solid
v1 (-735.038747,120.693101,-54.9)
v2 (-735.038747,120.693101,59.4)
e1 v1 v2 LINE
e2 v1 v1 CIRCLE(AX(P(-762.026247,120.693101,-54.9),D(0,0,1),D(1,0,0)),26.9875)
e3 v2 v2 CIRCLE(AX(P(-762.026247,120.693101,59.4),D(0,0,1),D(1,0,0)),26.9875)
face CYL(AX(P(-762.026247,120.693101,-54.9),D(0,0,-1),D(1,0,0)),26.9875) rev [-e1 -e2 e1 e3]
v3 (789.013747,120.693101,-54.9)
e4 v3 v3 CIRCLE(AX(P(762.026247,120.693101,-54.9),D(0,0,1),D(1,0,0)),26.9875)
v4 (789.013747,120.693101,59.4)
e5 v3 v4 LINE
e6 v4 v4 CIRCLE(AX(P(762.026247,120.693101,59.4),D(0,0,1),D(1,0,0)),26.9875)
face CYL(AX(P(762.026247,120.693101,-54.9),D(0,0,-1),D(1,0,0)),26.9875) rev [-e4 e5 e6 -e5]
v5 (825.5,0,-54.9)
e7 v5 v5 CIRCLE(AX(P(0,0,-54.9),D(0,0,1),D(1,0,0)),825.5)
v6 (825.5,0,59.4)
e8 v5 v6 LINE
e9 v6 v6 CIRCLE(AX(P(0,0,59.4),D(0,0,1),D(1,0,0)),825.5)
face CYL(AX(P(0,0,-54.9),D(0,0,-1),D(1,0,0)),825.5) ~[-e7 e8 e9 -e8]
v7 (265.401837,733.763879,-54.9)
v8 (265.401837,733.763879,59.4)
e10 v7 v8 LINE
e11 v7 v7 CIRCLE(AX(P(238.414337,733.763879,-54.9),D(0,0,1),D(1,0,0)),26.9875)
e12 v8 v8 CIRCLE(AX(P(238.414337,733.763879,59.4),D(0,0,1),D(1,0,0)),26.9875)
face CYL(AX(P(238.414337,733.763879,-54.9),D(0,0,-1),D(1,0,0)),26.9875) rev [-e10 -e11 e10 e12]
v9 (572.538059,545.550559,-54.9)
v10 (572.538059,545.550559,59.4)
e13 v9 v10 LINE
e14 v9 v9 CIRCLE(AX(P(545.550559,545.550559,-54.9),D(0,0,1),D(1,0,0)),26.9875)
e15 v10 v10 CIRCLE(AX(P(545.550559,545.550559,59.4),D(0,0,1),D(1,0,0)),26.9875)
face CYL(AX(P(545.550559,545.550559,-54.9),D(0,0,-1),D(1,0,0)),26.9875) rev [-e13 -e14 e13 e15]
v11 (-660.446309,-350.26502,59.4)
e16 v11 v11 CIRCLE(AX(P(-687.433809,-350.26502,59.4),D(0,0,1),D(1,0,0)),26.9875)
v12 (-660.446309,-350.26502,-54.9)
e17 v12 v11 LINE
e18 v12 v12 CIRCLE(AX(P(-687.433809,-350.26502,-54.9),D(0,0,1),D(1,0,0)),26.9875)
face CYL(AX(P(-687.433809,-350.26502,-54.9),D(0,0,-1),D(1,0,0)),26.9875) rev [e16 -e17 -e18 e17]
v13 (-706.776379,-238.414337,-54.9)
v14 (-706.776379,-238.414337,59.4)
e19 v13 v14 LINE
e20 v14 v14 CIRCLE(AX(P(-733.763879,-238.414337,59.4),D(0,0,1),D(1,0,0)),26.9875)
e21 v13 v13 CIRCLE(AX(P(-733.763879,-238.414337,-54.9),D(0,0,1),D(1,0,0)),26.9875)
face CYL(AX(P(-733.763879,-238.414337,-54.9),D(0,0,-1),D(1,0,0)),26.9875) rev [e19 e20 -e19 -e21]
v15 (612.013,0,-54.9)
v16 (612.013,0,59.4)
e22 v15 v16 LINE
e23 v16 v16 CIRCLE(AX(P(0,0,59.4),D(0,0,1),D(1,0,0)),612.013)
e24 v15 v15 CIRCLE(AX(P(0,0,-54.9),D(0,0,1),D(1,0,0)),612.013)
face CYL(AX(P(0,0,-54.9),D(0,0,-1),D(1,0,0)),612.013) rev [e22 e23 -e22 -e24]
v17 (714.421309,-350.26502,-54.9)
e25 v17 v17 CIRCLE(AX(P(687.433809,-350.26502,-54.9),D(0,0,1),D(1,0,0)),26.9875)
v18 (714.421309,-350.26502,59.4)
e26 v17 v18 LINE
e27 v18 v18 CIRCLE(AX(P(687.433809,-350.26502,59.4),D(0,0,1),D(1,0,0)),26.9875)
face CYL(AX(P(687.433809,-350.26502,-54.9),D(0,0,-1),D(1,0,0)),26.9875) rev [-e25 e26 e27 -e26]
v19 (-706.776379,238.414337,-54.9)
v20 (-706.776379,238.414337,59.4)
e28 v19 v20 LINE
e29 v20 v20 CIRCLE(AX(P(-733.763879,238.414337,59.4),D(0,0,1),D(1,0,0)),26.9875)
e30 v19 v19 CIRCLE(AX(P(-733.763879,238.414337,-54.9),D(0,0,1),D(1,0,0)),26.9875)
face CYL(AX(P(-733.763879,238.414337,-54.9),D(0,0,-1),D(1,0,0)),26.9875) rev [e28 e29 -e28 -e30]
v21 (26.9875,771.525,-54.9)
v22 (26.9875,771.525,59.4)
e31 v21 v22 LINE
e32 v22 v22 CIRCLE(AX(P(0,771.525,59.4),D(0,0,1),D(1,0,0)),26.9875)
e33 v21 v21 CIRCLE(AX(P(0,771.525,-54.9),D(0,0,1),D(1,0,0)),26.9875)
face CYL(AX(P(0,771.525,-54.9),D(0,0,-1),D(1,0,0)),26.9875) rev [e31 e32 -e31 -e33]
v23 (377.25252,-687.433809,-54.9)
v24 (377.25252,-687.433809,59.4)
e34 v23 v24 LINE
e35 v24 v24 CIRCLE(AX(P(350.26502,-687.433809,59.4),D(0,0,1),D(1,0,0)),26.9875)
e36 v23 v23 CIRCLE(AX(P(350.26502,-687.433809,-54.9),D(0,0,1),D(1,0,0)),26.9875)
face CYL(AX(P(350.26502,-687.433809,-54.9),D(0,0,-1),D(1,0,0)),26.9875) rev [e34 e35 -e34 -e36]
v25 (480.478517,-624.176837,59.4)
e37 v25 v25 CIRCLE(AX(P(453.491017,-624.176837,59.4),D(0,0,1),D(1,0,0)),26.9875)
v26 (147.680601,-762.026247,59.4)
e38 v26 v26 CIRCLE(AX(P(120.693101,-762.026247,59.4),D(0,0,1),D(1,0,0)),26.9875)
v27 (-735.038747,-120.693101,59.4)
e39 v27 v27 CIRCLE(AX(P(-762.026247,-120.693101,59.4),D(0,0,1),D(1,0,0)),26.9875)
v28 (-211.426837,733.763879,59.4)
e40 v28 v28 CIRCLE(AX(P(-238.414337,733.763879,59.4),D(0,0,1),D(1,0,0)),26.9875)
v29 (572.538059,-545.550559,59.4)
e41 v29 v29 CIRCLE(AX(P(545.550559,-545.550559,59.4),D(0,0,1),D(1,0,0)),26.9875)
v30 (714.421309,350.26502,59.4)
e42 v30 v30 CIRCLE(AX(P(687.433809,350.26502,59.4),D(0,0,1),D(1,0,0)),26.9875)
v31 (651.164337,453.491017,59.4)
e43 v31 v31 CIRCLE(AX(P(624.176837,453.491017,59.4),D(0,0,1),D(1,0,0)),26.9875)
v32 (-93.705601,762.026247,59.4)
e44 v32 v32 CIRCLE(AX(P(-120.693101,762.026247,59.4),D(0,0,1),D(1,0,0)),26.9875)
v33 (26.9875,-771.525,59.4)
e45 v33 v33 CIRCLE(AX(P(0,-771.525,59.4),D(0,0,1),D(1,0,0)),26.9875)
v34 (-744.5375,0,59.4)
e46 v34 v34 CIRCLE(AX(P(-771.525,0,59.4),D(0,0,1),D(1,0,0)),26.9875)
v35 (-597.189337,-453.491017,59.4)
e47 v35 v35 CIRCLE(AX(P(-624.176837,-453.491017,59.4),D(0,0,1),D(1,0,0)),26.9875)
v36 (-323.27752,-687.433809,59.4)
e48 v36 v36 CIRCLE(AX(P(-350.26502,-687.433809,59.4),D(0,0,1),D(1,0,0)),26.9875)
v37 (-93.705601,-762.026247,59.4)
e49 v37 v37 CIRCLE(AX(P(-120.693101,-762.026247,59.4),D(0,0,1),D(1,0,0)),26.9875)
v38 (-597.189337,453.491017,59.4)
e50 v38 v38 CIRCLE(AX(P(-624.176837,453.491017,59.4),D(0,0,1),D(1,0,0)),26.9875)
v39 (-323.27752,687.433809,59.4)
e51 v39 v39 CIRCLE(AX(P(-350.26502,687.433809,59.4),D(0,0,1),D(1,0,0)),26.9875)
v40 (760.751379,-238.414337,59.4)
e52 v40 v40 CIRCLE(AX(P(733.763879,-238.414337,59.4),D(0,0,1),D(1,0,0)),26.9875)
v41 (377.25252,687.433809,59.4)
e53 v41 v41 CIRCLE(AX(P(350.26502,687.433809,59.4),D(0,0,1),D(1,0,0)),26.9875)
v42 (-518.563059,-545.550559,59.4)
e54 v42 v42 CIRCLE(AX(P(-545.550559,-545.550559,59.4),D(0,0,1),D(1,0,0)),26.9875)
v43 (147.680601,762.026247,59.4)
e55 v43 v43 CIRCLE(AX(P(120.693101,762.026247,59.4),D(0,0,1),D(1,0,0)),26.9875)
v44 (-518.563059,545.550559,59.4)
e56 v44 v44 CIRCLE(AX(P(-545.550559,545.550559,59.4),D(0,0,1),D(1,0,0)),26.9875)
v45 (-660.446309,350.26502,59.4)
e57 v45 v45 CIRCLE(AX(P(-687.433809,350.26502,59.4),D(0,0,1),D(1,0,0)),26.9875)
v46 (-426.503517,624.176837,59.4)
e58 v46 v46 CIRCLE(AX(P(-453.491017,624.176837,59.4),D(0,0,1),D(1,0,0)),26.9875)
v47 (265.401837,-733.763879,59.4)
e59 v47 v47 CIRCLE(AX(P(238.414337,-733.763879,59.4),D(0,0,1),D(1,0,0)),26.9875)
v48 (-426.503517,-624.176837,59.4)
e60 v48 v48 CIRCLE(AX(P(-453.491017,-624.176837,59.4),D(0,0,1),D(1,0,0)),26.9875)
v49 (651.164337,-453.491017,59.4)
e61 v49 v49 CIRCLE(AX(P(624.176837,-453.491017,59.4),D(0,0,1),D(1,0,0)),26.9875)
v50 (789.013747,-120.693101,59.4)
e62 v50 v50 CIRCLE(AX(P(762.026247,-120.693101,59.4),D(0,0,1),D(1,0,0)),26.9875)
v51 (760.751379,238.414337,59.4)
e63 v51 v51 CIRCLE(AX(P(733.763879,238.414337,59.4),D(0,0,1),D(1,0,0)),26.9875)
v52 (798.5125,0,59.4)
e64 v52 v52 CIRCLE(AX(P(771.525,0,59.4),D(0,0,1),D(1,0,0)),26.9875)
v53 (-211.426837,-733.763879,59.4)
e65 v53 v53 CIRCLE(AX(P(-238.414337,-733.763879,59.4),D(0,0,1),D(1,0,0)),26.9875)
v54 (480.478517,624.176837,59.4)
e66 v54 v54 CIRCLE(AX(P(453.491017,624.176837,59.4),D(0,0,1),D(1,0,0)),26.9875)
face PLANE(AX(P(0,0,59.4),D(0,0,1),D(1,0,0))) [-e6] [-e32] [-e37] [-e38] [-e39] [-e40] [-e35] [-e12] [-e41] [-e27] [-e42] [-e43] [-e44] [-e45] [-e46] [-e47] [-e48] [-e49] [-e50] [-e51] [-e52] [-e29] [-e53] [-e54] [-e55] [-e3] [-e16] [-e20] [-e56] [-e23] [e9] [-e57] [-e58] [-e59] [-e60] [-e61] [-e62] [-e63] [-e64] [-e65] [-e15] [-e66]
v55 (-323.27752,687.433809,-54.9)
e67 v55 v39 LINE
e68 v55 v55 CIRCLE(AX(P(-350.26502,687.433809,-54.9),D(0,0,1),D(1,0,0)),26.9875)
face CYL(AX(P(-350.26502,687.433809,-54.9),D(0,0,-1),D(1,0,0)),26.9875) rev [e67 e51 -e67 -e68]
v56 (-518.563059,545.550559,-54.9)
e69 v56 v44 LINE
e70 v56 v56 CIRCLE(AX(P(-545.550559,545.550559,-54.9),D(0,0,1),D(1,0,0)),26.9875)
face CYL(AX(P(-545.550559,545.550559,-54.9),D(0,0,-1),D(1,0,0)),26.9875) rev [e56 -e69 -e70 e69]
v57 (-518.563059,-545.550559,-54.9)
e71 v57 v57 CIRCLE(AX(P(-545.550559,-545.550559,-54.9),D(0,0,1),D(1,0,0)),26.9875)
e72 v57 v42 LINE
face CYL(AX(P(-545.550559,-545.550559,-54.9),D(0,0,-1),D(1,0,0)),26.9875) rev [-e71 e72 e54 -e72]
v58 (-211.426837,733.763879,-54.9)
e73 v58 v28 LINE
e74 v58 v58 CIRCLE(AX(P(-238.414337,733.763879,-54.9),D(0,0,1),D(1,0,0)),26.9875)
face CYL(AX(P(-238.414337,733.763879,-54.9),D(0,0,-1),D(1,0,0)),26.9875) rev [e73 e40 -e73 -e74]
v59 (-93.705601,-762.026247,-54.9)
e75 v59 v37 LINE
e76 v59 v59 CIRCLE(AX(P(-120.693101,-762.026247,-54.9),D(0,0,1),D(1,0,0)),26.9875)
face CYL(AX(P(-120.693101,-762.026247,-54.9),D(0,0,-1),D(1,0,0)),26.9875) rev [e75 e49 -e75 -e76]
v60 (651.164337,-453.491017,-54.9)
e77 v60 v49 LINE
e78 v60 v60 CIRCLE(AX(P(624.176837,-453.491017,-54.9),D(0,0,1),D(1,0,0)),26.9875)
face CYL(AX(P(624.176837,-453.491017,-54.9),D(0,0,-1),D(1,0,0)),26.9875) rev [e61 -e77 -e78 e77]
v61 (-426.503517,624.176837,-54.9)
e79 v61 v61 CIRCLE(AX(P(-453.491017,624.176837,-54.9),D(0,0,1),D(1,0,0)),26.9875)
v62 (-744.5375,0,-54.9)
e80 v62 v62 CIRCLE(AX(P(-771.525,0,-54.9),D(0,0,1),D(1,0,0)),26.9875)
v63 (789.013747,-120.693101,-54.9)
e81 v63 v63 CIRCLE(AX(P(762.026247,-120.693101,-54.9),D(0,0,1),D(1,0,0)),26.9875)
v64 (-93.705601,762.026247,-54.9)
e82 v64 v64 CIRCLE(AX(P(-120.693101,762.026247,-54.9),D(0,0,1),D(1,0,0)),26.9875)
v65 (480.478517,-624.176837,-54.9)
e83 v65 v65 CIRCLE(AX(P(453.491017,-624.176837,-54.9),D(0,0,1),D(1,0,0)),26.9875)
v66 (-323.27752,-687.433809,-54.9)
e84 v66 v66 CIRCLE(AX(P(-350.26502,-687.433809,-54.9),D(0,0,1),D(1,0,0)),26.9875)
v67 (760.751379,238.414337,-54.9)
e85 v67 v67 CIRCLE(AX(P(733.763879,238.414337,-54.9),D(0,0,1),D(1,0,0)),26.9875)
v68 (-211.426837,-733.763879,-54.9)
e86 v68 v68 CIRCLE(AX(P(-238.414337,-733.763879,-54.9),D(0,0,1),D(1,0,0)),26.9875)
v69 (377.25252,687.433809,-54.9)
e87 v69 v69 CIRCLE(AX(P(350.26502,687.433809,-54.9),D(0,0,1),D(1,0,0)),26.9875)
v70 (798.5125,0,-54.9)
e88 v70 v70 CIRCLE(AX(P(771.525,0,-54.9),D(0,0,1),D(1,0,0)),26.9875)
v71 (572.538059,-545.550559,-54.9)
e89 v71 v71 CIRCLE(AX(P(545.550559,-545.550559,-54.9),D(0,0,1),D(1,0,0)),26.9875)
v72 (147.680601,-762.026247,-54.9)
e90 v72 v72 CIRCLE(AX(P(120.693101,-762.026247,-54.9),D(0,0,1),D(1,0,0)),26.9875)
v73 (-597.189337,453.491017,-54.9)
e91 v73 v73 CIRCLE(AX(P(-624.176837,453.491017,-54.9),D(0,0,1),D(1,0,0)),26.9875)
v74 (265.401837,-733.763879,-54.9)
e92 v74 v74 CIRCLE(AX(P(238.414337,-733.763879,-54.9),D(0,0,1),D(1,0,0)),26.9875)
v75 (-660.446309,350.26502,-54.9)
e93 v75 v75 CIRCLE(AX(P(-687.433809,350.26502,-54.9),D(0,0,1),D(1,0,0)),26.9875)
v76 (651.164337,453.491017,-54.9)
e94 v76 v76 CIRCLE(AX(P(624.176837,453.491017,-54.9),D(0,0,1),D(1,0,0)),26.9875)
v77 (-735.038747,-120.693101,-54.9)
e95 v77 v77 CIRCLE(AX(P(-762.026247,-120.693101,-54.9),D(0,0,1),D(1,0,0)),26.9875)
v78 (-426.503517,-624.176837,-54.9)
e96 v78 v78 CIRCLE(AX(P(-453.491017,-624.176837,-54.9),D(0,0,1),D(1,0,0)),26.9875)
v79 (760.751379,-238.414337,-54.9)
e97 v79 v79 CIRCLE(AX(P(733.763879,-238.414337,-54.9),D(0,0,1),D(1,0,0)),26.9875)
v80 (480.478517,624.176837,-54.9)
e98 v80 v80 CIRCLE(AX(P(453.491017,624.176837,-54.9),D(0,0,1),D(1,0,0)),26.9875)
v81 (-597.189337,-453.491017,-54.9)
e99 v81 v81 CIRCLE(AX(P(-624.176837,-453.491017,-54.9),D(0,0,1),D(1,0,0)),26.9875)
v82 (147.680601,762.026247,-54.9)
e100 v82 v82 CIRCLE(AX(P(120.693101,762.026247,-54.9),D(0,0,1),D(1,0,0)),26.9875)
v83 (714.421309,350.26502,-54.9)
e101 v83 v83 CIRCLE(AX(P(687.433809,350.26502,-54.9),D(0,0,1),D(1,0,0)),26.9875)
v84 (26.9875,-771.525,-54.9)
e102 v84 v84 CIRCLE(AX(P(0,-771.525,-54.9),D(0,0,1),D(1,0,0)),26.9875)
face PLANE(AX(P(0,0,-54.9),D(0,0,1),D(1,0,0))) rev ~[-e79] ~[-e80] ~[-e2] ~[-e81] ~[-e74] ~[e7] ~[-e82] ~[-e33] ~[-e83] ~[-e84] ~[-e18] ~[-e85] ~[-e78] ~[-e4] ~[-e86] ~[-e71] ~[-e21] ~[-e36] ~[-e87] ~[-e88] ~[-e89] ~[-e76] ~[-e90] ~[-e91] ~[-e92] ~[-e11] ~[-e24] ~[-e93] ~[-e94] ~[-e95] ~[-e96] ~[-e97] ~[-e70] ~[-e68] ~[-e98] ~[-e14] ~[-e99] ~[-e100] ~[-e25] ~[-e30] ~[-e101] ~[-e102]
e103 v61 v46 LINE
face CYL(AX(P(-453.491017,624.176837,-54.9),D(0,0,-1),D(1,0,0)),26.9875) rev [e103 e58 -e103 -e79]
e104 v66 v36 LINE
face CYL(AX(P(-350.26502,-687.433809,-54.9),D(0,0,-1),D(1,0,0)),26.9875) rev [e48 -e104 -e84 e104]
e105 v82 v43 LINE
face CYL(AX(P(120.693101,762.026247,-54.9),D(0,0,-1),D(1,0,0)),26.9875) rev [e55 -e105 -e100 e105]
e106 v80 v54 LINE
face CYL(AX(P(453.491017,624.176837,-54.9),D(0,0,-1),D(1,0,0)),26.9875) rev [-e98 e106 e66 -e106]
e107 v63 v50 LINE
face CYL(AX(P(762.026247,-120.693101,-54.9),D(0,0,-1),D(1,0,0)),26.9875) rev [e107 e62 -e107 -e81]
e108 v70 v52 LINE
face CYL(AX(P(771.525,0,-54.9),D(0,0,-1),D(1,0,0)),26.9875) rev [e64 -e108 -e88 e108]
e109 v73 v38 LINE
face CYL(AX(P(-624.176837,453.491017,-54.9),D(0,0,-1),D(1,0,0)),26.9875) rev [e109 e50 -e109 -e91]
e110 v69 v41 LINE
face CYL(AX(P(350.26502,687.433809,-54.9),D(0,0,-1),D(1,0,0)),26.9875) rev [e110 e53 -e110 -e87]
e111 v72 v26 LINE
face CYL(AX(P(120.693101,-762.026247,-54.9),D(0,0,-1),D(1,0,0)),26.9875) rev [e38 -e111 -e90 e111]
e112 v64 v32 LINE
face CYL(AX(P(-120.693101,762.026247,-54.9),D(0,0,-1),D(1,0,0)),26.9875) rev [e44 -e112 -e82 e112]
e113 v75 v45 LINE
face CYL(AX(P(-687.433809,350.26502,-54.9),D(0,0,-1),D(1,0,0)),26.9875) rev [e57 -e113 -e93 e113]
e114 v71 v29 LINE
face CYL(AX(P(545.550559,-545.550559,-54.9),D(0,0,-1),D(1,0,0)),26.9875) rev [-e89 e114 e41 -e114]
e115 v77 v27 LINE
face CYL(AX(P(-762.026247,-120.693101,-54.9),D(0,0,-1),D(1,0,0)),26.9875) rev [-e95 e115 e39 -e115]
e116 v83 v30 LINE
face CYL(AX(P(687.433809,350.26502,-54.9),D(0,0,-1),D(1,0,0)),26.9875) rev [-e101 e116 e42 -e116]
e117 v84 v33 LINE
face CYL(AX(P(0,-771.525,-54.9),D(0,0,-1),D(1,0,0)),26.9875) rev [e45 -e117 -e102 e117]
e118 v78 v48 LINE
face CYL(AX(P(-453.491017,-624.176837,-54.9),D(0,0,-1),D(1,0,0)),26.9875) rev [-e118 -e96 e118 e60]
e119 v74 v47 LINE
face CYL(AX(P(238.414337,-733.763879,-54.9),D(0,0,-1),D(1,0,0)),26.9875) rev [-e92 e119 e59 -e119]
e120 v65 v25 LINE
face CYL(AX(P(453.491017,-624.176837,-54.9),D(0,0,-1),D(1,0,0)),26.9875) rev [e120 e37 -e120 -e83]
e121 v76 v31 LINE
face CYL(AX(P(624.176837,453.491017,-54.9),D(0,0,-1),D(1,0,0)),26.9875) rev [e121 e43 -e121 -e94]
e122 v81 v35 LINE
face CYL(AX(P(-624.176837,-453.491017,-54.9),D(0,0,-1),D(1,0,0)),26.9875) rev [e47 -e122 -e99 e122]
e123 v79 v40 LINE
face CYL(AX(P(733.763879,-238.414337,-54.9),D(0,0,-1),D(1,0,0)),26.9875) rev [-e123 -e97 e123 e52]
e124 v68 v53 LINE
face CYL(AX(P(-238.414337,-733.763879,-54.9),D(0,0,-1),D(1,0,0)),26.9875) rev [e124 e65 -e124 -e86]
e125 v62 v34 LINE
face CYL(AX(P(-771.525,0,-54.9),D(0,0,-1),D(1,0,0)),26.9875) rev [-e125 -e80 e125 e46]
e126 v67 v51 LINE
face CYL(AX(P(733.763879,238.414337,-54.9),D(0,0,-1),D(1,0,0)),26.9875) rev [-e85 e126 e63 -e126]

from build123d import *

# Parameters (mm, degrees)
SKETCH1_R           = 32.5
SKETCH1_R_2         = 24.095
SKETCH1_R_3         = 1.0625
BOSS_EXTRUDE1_DEPTH = 4.5
SCALE1_SCALE        = 25.4


with BuildPart() as part:
    # Sketch1 → Boss-Extrude1 (new body)
    with BuildSketch(Plane.XY):
        Circle(SKETCH1_R)
        Circle(SKETCH1_R_2, mode=Mode.SUBTRACT)
        with Locations((0, 30.375)):
            Circle(SKETCH1_R_3, mode=Mode.SUBTRACT)
        with Locations((4.751696876, 30.001033346)):
            Circle(SKETCH1_R_3, mode=Mode.SUBTRACT)
        with Locations((9.386391204, 28.888341682)):
            Circle(SKETCH1_R_3, mode=Mode.SUBTRACT)
        with Locations((13.78996143, 27.064323172)):
            Circle(SKETCH1_R_3, mode=Mode.SUBTRACT)
        with Locations((17.853977038, 24.573891204)):
            Circle(SKETCH1_R_3, mode=Mode.SUBTRACT)
        with Locations((21.478368479, 21.478368479)):
            Circle(SKETCH1_R_3, mode=Mode.SUBTRACT)
        with Locations((24.573891204, 17.853977038)):
            Circle(SKETCH1_R_3, mode=Mode.SUBTRACT)
        with Locations((27.064323172, 13.78996143)):
            Circle(SKETCH1_R_3, mode=Mode.SUBTRACT)
        with Locations((28.888341682, 9.386391204)):
            Circle(SKETCH1_R_3, mode=Mode.SUBTRACT)
        with Locations((30.001033346, 4.751696876)):
            Circle(SKETCH1_R_3, mode=Mode.SUBTRACT)
        with Locations((30.375, 0)):
            Circle(SKETCH1_R_3, mode=Mode.SUBTRACT)
        with Locations((30.001033346, -4.751696876)):
            Circle(SKETCH1_R_3, mode=Mode.SUBTRACT)
        with Locations((28.888341682, -9.386391204)):
            Circle(SKETCH1_R_3, mode=Mode.SUBTRACT)
        with Locations((27.064323172, -13.78996143)):
            Circle(SKETCH1_R_3, mode=Mode.SUBTRACT)
        with Locations((24.573891204, -17.853977038)):
            Circle(SKETCH1_R_3, mode=Mode.SUBTRACT)
        with Locations((21.478368479, -21.478368479)):
            Circle(SKETCH1_R_3, mode=Mode.SUBTRACT)
        with Locations((17.853977038, -24.573891204)):
            Circle(SKETCH1_R_3, mode=Mode.SUBTRACT)
        with Locations((13.78996143, -27.064323172)):
            Circle(SKETCH1_R_3, mode=Mode.SUBTRACT)
        with Locations((9.386391204, -28.888341682)):
            Circle(SKETCH1_R_3, mode=Mode.SUBTRACT)
        with Locations((4.751696876, -30.001033346)):
            Circle(SKETCH1_R_3, mode=Mode.SUBTRACT)
        with Locations((0, -30.375)):
            Circle(SKETCH1_R_3, mode=Mode.SUBTRACT)
        with Locations((-4.751696876, -30.001033346)):
            Circle(SKETCH1_R_3, mode=Mode.SUBTRACT)
        with Locations((-9.386391204, -28.888341682)):
            Circle(SKETCH1_R_3, mode=Mode.SUBTRACT)
        with Locations((-13.78996143, -27.064323172)):
            Circle(SKETCH1_R_3, mode=Mode.SUBTRACT)
        with Locations((-17.853977038, -24.573891204)):
            Circle(SKETCH1_R_3, mode=Mode.SUBTRACT)
        with Locations((-21.478368479, -21.478368479)):
            Circle(SKETCH1_R_3, mode=Mode.SUBTRACT)
        with Locations((-24.573891204, -17.853977038)):
            Circle(SKETCH1_R_3, mode=Mode.SUBTRACT)
        with Locations((-27.064323172, -13.78996143)):
            Circle(SKETCH1_R_3, mode=Mode.SUBTRACT)
        with Locations((-28.888341682, -9.386391204)):
            Circle(SKETCH1_R_3, mode=Mode.SUBTRACT)
        with Locations((-30.001033346, -4.751696876)):
            Circle(SKETCH1_R_3, mode=Mode.SUBTRACT)
        with Locations((-30.375, 0)):
            Circle(SKETCH1_R_3, mode=Mode.SUBTRACT)
        with Locations((-30.001033346, 4.751696876)):
            Circle(SKETCH1_R_3, mode=Mode.SUBTRACT)
        with Locations((-28.888341682, 9.386391204)):
            Circle(SKETCH1_R_3, mode=Mode.SUBTRACT)
        with Locations((-27.064323172, 13.78996143)):
            Circle(SKETCH1_R_3, mode=Mode.SUBTRACT)
        with Locations((-24.573891204, 17.853977038)):
            Circle(SKETCH1_R_3, mode=Mode.SUBTRACT)
        with Locations((-21.478368479, 21.478368479)):
            Circle(SKETCH1_R_3, mode=Mode.SUBTRACT)
        with Locations((-17.853977038, 24.573891204)):
            Circle(SKETCH1_R_3, mode=Mode.SUBTRACT)
        with Locations((-13.78996143, 27.064323172)):
            Circle(SKETCH1_R_3, mode=Mode.SUBTRACT)
        with Locations((-9.386391204, 28.888341682)):
            Circle(SKETCH1_R_3, mode=Mode.SUBTRACT)
        with Locations((-4.751696876, 30.001033346)):
            Circle(SKETCH1_R_3, mode=Mode.SUBTRACT)
    extrude(amount=BOSS_EXTRUDE1_DEPTH)


with BuildPart() as part_1:
    # Scale1: scaled about (0, 0, 2.25)
    add(part.part.scale(SCALE1_SCALE).moved(Location((0, 0, -54.9))))


solid = part_1.part
